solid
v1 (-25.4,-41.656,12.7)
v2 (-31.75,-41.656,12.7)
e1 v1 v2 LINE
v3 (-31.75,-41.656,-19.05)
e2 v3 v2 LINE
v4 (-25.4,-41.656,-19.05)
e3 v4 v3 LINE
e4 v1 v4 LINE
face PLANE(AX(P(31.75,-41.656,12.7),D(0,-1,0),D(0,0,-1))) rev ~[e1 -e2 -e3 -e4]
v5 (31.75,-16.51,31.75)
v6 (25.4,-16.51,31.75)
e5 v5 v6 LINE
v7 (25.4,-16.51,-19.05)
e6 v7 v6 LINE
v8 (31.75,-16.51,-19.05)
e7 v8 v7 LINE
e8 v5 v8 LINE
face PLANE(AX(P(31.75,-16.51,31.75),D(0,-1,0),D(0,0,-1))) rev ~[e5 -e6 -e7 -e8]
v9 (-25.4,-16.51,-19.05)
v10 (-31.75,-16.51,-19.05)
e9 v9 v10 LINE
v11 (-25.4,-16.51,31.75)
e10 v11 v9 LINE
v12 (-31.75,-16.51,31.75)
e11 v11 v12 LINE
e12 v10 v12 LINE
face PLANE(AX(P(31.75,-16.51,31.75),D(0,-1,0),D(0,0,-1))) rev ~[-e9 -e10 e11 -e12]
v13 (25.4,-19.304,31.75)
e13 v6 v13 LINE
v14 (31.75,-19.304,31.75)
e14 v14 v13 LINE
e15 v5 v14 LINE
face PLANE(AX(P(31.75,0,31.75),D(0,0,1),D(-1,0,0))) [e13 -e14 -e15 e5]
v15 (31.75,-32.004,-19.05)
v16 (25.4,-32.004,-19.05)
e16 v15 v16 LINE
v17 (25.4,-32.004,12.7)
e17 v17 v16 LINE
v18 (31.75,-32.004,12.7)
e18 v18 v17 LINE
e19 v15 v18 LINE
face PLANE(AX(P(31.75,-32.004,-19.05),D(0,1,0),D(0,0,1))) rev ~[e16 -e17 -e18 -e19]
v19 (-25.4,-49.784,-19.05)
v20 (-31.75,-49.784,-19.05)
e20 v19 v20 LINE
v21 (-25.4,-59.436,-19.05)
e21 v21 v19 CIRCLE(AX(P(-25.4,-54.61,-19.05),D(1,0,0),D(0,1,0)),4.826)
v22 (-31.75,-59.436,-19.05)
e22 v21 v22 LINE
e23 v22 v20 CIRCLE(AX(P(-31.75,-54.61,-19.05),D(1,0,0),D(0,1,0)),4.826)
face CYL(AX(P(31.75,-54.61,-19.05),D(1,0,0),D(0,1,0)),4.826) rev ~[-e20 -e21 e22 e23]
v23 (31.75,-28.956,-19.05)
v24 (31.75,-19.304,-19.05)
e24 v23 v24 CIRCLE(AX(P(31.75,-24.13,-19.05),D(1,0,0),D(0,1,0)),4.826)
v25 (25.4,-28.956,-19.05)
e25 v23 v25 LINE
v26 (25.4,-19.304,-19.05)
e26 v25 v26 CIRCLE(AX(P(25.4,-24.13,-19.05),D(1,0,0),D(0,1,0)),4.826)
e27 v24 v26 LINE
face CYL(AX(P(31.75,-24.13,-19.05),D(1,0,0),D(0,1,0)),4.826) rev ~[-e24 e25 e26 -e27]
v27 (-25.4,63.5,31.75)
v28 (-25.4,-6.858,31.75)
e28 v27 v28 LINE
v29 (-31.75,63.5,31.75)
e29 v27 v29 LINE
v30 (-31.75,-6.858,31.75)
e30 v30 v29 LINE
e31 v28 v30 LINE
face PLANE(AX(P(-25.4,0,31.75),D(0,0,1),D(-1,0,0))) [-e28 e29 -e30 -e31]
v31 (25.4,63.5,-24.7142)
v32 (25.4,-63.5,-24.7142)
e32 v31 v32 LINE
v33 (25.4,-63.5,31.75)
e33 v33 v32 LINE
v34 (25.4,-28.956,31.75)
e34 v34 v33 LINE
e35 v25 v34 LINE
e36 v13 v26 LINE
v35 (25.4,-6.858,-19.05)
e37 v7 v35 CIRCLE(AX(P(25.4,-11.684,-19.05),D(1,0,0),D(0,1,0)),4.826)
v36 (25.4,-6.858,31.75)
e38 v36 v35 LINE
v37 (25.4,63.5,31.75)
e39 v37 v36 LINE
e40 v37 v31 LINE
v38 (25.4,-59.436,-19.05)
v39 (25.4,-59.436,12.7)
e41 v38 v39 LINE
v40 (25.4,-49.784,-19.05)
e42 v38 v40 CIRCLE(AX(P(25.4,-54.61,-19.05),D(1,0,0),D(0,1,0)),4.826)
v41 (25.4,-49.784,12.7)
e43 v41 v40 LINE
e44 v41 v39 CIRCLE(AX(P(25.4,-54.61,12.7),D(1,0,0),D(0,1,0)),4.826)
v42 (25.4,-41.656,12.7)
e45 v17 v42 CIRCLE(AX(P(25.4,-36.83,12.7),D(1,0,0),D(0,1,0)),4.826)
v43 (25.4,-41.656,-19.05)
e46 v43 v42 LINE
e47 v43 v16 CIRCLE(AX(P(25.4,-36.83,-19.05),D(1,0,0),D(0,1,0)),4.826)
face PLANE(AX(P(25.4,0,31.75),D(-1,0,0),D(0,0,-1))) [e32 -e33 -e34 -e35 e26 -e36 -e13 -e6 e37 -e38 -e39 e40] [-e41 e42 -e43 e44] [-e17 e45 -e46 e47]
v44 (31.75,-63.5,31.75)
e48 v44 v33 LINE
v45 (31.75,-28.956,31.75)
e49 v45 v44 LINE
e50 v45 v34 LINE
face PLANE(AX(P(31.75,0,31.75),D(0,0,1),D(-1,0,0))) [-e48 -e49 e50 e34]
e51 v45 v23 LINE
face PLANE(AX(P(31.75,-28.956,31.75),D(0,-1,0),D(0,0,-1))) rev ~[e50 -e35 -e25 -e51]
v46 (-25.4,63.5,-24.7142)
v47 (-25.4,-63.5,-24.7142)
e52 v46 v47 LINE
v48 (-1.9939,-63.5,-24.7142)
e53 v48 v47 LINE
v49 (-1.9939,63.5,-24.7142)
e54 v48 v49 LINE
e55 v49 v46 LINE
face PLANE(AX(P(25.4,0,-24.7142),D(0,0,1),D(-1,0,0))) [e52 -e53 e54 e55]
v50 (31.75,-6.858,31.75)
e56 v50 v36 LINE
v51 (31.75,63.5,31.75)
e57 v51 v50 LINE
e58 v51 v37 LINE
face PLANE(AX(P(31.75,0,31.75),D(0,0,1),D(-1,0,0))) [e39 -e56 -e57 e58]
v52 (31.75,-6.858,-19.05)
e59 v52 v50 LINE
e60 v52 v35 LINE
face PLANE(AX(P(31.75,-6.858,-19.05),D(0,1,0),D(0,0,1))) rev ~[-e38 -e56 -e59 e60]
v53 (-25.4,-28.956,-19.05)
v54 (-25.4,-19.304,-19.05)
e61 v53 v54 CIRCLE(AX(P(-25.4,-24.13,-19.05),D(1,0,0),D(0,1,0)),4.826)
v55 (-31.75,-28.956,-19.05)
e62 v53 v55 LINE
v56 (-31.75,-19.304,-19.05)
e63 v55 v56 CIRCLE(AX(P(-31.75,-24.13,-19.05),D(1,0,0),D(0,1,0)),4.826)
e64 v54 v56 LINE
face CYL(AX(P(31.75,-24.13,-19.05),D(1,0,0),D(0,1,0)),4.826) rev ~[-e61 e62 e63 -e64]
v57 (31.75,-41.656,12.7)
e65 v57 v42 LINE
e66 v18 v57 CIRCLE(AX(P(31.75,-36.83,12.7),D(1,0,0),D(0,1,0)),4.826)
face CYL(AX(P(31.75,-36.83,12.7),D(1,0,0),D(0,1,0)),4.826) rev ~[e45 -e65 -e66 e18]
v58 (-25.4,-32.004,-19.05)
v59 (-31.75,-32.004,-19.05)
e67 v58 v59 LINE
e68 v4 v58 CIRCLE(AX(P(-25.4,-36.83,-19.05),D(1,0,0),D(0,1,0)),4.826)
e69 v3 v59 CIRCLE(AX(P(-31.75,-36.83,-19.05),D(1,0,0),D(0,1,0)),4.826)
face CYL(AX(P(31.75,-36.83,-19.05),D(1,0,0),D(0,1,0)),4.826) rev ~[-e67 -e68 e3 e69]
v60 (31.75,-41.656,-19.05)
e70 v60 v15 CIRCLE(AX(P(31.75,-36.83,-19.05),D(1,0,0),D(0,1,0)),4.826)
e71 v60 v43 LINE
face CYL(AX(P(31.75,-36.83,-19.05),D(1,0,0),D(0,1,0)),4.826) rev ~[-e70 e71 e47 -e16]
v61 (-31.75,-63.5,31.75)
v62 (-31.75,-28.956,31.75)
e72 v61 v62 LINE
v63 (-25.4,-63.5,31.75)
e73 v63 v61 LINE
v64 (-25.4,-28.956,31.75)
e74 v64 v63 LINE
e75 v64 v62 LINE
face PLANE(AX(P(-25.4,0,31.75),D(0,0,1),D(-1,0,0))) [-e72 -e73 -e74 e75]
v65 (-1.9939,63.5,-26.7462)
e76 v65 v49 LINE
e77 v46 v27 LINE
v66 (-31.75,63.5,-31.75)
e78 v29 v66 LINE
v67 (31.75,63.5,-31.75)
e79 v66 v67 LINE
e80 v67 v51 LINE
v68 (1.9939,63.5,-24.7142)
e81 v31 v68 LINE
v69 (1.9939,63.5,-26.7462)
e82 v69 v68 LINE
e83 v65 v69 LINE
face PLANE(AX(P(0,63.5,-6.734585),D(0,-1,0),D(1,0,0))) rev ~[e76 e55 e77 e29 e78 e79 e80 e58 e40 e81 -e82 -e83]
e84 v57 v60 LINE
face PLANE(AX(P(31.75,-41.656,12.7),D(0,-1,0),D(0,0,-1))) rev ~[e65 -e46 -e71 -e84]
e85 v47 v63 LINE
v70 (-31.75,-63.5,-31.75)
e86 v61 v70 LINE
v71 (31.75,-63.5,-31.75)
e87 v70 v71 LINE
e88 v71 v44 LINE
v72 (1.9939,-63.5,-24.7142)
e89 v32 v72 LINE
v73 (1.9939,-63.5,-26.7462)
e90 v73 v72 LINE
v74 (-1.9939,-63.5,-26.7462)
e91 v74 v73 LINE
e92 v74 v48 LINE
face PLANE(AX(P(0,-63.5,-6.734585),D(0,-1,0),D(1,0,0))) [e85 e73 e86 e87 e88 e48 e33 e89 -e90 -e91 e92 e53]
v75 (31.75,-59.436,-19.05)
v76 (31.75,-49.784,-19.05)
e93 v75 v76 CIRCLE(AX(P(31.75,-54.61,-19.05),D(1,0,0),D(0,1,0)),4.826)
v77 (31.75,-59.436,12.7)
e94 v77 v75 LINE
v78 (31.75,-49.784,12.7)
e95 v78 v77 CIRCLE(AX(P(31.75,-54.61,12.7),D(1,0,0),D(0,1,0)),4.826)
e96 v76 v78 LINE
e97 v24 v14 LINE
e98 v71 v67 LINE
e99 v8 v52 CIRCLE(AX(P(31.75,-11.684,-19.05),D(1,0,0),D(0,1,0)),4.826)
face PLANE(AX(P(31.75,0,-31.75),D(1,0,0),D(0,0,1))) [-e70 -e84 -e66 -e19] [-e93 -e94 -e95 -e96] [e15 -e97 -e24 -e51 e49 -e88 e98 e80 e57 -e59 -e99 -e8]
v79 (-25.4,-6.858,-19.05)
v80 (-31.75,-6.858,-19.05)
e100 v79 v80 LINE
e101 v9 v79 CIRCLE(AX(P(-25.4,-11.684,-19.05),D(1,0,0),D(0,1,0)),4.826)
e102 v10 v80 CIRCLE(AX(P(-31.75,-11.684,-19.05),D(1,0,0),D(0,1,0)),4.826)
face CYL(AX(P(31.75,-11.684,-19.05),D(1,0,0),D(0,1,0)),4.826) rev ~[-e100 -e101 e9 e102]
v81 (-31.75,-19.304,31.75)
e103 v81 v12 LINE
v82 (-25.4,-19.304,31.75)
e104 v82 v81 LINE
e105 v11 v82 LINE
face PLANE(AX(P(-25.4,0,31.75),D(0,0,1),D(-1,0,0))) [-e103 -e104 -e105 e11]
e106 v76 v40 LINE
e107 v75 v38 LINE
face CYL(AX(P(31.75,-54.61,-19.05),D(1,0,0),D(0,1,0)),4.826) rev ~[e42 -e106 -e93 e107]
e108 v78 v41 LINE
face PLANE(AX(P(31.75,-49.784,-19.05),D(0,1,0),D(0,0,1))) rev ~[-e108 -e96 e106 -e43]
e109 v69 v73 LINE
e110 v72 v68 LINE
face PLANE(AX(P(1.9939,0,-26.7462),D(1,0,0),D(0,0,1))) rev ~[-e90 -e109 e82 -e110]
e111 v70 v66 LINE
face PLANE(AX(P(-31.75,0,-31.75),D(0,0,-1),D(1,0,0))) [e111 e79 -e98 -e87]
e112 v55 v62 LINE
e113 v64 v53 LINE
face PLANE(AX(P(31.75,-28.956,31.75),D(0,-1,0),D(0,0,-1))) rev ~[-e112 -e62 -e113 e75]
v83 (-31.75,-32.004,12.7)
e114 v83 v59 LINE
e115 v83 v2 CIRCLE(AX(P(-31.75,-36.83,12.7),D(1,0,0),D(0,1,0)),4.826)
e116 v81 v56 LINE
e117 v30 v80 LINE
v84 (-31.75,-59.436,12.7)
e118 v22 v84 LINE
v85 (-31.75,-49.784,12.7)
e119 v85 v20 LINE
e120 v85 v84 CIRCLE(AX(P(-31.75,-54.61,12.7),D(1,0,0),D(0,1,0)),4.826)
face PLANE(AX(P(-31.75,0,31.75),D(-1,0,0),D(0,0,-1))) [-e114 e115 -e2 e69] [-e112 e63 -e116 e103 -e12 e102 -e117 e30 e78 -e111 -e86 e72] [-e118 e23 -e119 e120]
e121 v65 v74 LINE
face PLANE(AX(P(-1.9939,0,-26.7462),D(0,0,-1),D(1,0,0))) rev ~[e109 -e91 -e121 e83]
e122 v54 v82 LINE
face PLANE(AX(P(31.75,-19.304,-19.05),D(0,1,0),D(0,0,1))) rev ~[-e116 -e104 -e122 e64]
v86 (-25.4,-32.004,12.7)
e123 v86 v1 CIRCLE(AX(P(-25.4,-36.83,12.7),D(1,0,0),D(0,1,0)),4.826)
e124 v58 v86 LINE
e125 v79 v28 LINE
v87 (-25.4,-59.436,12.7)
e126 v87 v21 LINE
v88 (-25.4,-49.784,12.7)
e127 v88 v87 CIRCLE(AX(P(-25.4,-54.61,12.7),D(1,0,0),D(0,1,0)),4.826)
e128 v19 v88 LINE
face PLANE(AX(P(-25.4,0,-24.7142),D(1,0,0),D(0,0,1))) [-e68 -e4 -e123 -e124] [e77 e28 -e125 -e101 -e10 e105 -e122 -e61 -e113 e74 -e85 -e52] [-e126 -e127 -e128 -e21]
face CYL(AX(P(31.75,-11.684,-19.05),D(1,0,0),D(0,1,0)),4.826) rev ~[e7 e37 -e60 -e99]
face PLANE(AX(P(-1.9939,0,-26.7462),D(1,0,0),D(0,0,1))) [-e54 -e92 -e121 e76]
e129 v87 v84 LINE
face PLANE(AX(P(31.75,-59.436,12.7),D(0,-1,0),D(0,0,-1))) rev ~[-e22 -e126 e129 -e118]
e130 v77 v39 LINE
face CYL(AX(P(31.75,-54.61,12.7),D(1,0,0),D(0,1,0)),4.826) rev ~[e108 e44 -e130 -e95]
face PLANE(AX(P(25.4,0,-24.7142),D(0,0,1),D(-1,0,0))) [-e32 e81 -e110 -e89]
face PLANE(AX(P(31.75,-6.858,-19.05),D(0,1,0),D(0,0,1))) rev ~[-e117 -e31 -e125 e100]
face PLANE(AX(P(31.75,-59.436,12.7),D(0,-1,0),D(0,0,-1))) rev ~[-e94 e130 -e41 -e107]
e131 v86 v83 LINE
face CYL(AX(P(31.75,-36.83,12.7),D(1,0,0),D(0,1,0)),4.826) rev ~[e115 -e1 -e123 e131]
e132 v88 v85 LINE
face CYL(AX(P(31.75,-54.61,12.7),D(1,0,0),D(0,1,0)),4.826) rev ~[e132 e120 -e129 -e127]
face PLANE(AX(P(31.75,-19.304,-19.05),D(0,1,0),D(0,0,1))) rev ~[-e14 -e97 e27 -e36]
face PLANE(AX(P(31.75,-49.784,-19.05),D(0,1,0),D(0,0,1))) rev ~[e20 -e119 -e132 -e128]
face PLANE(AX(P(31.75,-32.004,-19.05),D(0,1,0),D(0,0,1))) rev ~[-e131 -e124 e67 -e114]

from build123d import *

# Parameters (mm, degrees)
F1_DEPTH = 63.5
F3_DEPTH = 63.501
F4_W     = 3.9878
F4_H     = 2.032
F5_DEPTH = 63.5
F7_DEPTH = 63.501


with BuildPart() as f1:
    # F0 (on Front) → F1 (new body, symmetric)
    with BuildSketch(Plane.XZ):
        Polygon((31.75, -31.75), (31.75, 31.75), (25.4, 31.75), (25.4, -24.7142), (-25.4, -24.7142), (-25.4, 31.75), (-31.75, 31.75), (-31.75, -31.75), align=None)
    extrude(amount=F1_DEPTH, both=True)

    # F2 (on face) → F3 (cut, through all)
    with BuildSketch(Plane.YZ.offset(31.75)):
        with BuildLine():
            ThreePointArc((-59.436, 12.7), (-54.61, 7.874), (-49.784, 12.7))
            ThreePointArc((-49.784, 12.7), (-54.61, 17.526), (-59.436, 12.7))
        make_face()
        with BuildLine():
            Line((-49.784, -19.05), (-49.784, 12.7))
            ThreePointArc((-49.784, 12.7), (-54.61, 7.874), (-59.436, 12.7))
            Line((-59.436, 12.7), (-59.436, -19.05))
            ThreePointArc((-59.436, -19.05), (-54.61, -14.224), (-49.784, -19.05))
        make_face()
        with BuildLine():
            ThreePointArc((-59.436, -19.05), (-54.61, -23.876), (-49.784, -19.05))
            ThreePointArc((-49.784, -19.05), (-54.61, -14.224), (-59.436, -19.05))
        make_face()
        with BuildLine():
            ThreePointArc((-41.656, 12.7), (-36.83, 7.874), (-32.004, 12.7))
            ThreePointArc((-32.004, 12.7), (-36.83, 17.526), (-41.656, 12.7))
        make_face()
        with BuildLine():
            Line((-32.004, -19.05), (-32.004, 12.7))
            ThreePointArc((-32.004, 12.7), (-36.83, 7.874), (-41.656, 12.7))
            Line((-41.656, 12.7), (-41.656, -19.05))
            ThreePointArc((-41.656, -19.05), (-36.83, -14.224), (-32.004, -19.05))
        make_face()
        with BuildLine():
            ThreePointArc((-41.656, -19.05), (-36.83, -23.876), (-32.004, -19.05))
            ThreePointArc((-32.004, -19.05), (-36.83, -14.224), (-41.656, -19.05))
        make_face()
    extrude(amount=-F3_DEPTH, mode=Mode.SUBTRACT)

    # F4 (on Front) → F5 (cut, symmetric)
    with BuildSketch(Plane.XZ):
        with Locations((0, -25.7302)):
            Rectangle(F4_W, F4_H)
    extrude(amount=F5_DEPTH, both=True, mode=Mode.SUBTRACT)

    # F6 (on face) → F7 (cut, through all)
    with BuildSketch(Plane.YZ.offset(31.75)):
        with BuildLine():
            ThreePointArc((-28.956, -19.05), (-24.13, -23.876), (-19.304, -19.05))
            ThreePointArc((-19.304, -19.05), (-24.13, -14.224), (-28.956, -19.05))
        make_face()
        with BuildLine():
            ThreePointArc((-16.51, -19.05), (-11.684, -23.876), (-6.858, -19.05))
            ThreePointArc((-6.858, -19.05), (-11.684, -14.224), (-16.51, -19.05))
        make_face()
        with BuildLine():
            ThreePointArc((-28.956, -19.05), (-24.13, -14.224), (-19.304, -19.05))
            Line((-19.304, -19.05), (-19.304, 31.75))
            Line((-19.304, 31.75), (-28.956, 31.75))
            Line((-28.956, 31.75), (-28.956, -19.05))
        make_face()
        with BuildLine():
            Line((-6.858, 31.75), (-16.51, 31.75))
            Line((-16.51, 31.75), (-16.51, -19.05))
            ThreePointArc((-16.51, -19.05), (-11.684, -14.224), (-6.858, -19.05))
            Line((-6.858, -19.05), (-6.858, 31.75))
        make_face()
    extrude(amount=-F7_DEPTH, mode=Mode.SUBTRACT)


solid = f1.part
